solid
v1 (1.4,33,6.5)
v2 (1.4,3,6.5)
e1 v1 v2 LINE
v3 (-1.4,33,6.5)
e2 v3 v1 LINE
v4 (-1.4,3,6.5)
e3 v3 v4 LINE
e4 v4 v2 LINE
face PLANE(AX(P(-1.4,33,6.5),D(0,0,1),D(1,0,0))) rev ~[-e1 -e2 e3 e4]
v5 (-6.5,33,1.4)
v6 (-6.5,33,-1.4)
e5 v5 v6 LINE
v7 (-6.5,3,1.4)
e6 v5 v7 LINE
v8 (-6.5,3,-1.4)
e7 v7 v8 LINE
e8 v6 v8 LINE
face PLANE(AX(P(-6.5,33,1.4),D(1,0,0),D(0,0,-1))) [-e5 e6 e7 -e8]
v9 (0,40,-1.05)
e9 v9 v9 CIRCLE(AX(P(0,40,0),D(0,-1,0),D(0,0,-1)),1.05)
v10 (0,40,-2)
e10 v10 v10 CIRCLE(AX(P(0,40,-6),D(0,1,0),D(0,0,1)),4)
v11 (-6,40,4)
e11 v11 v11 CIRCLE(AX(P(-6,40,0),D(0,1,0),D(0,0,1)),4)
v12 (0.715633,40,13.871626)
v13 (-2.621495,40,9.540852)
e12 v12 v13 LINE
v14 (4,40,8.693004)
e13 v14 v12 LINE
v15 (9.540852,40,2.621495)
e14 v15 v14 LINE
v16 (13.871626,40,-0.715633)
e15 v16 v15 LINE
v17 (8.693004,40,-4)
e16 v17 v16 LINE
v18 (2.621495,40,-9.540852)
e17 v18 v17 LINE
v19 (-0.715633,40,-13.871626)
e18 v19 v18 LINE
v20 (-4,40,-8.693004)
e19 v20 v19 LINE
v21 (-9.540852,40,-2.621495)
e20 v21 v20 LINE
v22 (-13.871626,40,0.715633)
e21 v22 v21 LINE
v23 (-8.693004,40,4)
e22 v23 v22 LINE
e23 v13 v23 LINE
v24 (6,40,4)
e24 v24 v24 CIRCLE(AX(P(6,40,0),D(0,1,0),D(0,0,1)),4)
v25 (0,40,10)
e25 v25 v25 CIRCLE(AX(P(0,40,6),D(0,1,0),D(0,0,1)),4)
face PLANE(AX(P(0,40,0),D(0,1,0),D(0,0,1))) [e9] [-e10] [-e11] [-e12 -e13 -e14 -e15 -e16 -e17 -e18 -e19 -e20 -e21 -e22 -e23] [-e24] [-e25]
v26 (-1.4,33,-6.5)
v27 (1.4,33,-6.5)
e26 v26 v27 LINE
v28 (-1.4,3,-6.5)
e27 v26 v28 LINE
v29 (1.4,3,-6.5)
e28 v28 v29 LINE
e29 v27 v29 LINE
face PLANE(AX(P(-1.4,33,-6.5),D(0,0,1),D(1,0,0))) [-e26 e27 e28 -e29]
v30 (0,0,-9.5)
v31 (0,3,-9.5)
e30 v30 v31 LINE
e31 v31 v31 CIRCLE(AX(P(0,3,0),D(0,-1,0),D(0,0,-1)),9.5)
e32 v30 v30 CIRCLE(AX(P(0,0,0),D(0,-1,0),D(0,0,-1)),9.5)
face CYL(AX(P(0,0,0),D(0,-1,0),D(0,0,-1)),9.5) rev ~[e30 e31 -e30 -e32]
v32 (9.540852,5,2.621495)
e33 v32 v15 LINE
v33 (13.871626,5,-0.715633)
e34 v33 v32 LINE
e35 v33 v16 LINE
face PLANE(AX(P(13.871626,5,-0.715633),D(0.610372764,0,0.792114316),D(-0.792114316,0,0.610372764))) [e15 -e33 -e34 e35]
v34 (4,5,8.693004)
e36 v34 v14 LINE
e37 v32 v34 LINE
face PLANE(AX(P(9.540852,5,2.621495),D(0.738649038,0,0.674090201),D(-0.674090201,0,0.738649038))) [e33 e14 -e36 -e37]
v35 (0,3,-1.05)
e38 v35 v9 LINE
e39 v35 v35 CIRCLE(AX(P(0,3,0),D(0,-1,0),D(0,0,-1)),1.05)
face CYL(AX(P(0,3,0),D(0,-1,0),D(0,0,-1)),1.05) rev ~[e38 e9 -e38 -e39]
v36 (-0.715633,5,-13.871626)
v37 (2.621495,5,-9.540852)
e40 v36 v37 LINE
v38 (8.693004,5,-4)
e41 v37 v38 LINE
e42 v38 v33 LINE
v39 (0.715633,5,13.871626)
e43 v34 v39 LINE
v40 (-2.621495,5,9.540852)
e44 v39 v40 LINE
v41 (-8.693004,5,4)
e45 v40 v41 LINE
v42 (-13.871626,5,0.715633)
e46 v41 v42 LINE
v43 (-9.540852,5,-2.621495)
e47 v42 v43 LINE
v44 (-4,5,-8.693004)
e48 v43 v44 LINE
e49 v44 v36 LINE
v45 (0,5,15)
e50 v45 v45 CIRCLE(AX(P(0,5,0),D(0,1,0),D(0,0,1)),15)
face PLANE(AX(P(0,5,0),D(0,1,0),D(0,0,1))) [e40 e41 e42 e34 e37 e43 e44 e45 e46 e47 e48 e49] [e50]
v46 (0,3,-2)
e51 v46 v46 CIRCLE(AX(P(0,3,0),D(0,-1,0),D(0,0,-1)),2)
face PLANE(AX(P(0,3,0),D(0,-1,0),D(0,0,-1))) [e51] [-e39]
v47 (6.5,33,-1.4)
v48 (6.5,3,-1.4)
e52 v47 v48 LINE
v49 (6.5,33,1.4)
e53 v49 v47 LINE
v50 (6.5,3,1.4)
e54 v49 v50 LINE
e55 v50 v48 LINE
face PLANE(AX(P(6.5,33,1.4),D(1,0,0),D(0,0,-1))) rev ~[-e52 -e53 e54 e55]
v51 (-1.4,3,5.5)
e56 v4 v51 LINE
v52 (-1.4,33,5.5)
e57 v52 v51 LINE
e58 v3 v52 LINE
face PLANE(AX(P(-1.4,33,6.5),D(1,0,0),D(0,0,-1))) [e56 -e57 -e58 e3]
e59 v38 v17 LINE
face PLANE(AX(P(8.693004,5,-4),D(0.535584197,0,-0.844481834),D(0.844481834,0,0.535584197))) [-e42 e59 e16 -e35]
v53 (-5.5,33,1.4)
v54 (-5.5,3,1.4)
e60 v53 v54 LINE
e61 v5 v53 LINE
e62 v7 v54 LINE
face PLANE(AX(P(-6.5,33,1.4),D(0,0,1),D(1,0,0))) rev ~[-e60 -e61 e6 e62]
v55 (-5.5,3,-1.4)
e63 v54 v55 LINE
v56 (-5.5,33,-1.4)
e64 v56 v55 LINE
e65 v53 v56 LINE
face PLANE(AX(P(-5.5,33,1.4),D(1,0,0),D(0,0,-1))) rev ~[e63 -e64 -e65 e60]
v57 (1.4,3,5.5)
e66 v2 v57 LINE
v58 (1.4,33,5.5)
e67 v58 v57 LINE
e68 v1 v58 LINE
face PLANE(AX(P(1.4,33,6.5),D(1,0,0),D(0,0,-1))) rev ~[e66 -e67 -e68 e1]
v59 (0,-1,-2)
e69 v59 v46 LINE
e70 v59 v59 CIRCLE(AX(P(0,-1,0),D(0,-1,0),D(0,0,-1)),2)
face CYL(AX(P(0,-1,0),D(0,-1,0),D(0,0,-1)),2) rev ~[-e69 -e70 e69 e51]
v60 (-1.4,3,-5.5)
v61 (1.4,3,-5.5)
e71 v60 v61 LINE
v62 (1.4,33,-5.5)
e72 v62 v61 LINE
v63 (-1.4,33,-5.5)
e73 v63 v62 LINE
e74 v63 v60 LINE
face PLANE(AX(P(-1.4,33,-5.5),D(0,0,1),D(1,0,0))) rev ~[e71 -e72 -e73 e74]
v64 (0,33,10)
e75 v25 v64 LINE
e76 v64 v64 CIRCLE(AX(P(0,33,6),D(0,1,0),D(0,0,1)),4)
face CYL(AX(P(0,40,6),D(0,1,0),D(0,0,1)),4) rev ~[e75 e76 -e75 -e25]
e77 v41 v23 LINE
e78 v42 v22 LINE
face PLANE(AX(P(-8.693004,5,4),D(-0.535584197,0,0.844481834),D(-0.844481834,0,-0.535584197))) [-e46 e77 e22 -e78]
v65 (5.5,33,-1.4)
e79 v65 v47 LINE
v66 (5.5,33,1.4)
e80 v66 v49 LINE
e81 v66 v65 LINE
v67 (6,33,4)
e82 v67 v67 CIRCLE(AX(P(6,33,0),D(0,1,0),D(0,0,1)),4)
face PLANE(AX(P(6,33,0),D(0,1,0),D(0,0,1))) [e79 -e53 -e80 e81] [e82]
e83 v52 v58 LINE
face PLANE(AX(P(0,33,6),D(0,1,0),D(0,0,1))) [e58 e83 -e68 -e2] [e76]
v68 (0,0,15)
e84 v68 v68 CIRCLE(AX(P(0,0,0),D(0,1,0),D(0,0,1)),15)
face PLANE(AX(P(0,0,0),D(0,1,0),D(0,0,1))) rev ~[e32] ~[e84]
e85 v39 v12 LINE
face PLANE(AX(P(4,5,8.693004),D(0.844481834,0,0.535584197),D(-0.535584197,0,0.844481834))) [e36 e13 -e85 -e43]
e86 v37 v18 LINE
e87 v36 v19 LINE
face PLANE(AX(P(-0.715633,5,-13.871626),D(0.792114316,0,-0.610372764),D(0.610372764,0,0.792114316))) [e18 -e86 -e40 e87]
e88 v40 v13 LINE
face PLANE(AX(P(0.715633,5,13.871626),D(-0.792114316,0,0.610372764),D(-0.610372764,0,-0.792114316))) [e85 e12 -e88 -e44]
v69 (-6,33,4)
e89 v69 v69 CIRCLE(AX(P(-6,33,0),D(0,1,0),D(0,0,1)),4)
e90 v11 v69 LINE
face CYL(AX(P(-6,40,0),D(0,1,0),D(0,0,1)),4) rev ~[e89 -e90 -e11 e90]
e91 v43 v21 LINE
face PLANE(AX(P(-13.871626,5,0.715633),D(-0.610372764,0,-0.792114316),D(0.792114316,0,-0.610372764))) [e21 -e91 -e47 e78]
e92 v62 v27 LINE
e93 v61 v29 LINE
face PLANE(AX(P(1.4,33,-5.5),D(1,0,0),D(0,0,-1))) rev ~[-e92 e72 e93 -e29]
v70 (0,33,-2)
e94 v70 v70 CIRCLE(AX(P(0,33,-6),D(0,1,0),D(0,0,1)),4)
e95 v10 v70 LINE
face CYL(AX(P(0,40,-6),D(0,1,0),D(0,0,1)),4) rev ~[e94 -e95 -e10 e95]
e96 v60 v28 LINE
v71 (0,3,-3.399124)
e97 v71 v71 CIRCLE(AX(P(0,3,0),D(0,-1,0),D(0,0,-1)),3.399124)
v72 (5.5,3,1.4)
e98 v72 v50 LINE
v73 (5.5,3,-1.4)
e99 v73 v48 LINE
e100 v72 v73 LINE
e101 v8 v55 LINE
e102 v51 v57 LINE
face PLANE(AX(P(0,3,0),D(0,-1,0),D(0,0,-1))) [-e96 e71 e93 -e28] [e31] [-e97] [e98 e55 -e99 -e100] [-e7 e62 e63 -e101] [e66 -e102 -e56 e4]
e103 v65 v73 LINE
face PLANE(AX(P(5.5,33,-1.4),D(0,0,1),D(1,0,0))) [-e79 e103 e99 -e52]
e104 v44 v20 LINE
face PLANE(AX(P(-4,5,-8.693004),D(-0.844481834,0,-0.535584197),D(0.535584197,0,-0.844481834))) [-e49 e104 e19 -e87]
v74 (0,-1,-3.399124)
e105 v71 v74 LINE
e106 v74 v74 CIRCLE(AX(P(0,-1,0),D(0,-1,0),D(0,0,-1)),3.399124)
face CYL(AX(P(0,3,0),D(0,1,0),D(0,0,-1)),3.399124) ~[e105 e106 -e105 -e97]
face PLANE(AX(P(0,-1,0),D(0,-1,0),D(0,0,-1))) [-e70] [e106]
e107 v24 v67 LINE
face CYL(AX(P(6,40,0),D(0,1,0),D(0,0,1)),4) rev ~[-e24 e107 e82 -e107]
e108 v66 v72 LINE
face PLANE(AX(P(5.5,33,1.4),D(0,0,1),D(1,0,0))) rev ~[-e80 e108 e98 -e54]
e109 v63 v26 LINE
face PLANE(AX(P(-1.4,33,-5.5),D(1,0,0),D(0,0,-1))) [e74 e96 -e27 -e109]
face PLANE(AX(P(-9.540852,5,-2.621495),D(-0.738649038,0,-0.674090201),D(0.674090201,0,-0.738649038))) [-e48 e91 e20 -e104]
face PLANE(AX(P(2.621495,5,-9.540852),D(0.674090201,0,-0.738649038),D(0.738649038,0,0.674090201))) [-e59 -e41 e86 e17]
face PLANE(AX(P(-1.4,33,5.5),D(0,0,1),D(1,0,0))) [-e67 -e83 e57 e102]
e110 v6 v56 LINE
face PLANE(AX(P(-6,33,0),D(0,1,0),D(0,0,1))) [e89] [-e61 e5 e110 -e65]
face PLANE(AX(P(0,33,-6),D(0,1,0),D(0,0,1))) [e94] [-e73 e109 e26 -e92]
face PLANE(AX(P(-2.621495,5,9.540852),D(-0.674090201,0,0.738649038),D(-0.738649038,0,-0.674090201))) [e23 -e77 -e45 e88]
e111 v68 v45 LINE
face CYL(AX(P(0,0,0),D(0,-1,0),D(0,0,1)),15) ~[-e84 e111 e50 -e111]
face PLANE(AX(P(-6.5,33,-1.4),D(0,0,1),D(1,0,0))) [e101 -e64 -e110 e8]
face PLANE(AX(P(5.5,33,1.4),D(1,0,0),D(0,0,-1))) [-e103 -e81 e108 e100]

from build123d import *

# Parameters (mm, degrees)
SKETCH1_R           = 15
BOSS_EXTRUDE1_DEPTH = 40
SKETCH2_R           = 4
CUT_EXTRUDE1_DEPTH  = 7
SKETCH6_W           = 2.8
SKETCH6_H           = 1
SKETCH6_W_2         = 1
SKETCH6_H_2         = 2.8
CUT_EXTRUDE4_DEPTH  = 30
SKETCH7_R           = 9.5
CUT_EXTRUDE5_DEPTH  = 3
CUT_EXTRUDE6_REACH  = 44.65
SKETCH8_R           = 1.05
SKETCH9_R           = 3.39912378
BOSS_EXTRUDE2_DEPTH = 4
SKETCH10_R          = 2
CUT_EXTRUDE7_DEPTH  = 4
CUT_EXTRUDE9_START  = -35
SKETCH13_R          = 15
CUT_EXTRUDE9_DEPTH  = 35


with BuildPart() as part:
    # Sketch1 → Boss-Extrude1 (new body)
    with BuildSketch(Plane(origin=(0, 0, 0), x_dir=(1, 0, 0), z_dir=(0, 1, 0))):
        with Locations(Location((0, 0, 0), (0, 0, 270))):
            Circle(SKETCH1_R)
    extrude(amount=BOSS_EXTRUDE1_DEPTH)

    # Sketch2 → Cut-Extrude1 (cut)
    with BuildSketch(Plane(origin=(0, 40, 0), x_dir=(1, 0, 0), z_dir=(0, 1, 0))):
        with Locations(Location((0, 6, 0), (0, 0, 270))):
            Circle(SKETCH2_R)
        with Locations(Location((6, 0, 0), (0, 0, 270))):
            Circle(SKETCH2_R)
        with Locations(Location((0, -6, 0), (0, 0, 270))):
            Circle(SKETCH2_R)
        with Locations(Location((-6, 0, 0), (0, 0, 270))):
            Circle(SKETCH2_R)
    extrude(amount=-CUT_EXTRUDE1_DEPTH, mode=Mode.SUBTRACT)

    # Sketch6 → Cut-Extrude4 (cut)
    with BuildSketch(Plane(origin=(0, 33, 0), x_dir=(1, 0, 0), z_dir=(0, 1, 0))):
        with Locations((0, -6)):
            Rectangle(SKETCH6_W, SKETCH6_H)
        with Locations((6, 0)):
            Rectangle(SKETCH6_W_2, SKETCH6_H_2)
        with Locations((-6, 0)):
            Rectangle(SKETCH6_W_2, SKETCH6_H_2)
        with Locations((0, 6)):
            Rectangle(SKETCH6_W, SKETCH6_H)
    extrude(amount=-CUT_EXTRUDE4_DEPTH, mode=Mode.SUBTRACT)

    # Sketch7 → Cut-Extrude5 (cut)
    with BuildSketch(Plane.XZ):
        with Locations(Location((0, 0, 0), (0, 0, 270))):
            Circle(SKETCH7_R)
    extrude(amount=-CUT_EXTRUDE5_DEPTH, mode=Mode.SUBTRACT)

    # Sketch8 → Cut-Extrude6 (cut, up to next)
    with BuildSketch(Plane.XZ.offset(-3), mode=Mode.PRIVATE) as cut_extrude6_sk1:
        with Locations(Location((0, 0, 0), (0, 0, 270))):
            Circle(SKETCH8_R)
    cut_extrude6_tool1 = extrude(cut_extrude6_sk1.sketch, amount=-CUT_EXTRUDE6_REACH, mode=Mode.PRIVATE) & part.part
    add(cut_extrude6_tool1.solids().sort_by_distance((0, 3, 0))[0], mode=Mode.SUBTRACT)

    # Sketch9 → Boss-Extrude2 (add)
    with BuildSketch(Plane.XZ.offset(-3)):
        with Locations(Location((0, 0, 0), (0, 0, 270))):
            Circle(SKETCH9_R)
    extrude(amount=BOSS_EXTRUDE2_DEPTH)

    # Sketch10 → Cut-Extrude7 (cut)
    with BuildSketch(Plane.XZ.offset(1)):
        with Locations(Location((0, 0, 0), (0, 0, 270))):
            Circle(SKETCH10_R)
    extrude(amount=-CUT_EXTRUDE7_DEPTH, mode=Mode.SUBTRACT)

    # Sketch13 → Cut-Extrude9 (cut)
    with BuildSketch(Plane(origin=(0, 40, 0), x_dir=(1, 0, 0), z_dir=(0, 1, 0)).offset(CUT_EXTRUDE9_START)):
        with Locations(Location((0, 0, 0), (0, 0, 270))):
            Circle(SKETCH13_R)
        Polygon((8.693004096, 4), (13.871626361, 0.715633025), (9.540851678, -2.621495041), (4, -8.693004096), (0.715633025, -13.871626361), (-2.621495041, -9.540851678), (-8.693004096, -4), (-13.871626361, -0.715633025), (-9.540851678, 2.621495041), (-4, 8.693004096), (-0.715633025, 13.871626361), (2.621495041, 9.540851678), align=None, mode=Mode.SUBTRACT)
    extrude(amount=CUT_EXTRUDE9_DEPTH, mode=Mode.SUBTRACT)


solid = part.part
